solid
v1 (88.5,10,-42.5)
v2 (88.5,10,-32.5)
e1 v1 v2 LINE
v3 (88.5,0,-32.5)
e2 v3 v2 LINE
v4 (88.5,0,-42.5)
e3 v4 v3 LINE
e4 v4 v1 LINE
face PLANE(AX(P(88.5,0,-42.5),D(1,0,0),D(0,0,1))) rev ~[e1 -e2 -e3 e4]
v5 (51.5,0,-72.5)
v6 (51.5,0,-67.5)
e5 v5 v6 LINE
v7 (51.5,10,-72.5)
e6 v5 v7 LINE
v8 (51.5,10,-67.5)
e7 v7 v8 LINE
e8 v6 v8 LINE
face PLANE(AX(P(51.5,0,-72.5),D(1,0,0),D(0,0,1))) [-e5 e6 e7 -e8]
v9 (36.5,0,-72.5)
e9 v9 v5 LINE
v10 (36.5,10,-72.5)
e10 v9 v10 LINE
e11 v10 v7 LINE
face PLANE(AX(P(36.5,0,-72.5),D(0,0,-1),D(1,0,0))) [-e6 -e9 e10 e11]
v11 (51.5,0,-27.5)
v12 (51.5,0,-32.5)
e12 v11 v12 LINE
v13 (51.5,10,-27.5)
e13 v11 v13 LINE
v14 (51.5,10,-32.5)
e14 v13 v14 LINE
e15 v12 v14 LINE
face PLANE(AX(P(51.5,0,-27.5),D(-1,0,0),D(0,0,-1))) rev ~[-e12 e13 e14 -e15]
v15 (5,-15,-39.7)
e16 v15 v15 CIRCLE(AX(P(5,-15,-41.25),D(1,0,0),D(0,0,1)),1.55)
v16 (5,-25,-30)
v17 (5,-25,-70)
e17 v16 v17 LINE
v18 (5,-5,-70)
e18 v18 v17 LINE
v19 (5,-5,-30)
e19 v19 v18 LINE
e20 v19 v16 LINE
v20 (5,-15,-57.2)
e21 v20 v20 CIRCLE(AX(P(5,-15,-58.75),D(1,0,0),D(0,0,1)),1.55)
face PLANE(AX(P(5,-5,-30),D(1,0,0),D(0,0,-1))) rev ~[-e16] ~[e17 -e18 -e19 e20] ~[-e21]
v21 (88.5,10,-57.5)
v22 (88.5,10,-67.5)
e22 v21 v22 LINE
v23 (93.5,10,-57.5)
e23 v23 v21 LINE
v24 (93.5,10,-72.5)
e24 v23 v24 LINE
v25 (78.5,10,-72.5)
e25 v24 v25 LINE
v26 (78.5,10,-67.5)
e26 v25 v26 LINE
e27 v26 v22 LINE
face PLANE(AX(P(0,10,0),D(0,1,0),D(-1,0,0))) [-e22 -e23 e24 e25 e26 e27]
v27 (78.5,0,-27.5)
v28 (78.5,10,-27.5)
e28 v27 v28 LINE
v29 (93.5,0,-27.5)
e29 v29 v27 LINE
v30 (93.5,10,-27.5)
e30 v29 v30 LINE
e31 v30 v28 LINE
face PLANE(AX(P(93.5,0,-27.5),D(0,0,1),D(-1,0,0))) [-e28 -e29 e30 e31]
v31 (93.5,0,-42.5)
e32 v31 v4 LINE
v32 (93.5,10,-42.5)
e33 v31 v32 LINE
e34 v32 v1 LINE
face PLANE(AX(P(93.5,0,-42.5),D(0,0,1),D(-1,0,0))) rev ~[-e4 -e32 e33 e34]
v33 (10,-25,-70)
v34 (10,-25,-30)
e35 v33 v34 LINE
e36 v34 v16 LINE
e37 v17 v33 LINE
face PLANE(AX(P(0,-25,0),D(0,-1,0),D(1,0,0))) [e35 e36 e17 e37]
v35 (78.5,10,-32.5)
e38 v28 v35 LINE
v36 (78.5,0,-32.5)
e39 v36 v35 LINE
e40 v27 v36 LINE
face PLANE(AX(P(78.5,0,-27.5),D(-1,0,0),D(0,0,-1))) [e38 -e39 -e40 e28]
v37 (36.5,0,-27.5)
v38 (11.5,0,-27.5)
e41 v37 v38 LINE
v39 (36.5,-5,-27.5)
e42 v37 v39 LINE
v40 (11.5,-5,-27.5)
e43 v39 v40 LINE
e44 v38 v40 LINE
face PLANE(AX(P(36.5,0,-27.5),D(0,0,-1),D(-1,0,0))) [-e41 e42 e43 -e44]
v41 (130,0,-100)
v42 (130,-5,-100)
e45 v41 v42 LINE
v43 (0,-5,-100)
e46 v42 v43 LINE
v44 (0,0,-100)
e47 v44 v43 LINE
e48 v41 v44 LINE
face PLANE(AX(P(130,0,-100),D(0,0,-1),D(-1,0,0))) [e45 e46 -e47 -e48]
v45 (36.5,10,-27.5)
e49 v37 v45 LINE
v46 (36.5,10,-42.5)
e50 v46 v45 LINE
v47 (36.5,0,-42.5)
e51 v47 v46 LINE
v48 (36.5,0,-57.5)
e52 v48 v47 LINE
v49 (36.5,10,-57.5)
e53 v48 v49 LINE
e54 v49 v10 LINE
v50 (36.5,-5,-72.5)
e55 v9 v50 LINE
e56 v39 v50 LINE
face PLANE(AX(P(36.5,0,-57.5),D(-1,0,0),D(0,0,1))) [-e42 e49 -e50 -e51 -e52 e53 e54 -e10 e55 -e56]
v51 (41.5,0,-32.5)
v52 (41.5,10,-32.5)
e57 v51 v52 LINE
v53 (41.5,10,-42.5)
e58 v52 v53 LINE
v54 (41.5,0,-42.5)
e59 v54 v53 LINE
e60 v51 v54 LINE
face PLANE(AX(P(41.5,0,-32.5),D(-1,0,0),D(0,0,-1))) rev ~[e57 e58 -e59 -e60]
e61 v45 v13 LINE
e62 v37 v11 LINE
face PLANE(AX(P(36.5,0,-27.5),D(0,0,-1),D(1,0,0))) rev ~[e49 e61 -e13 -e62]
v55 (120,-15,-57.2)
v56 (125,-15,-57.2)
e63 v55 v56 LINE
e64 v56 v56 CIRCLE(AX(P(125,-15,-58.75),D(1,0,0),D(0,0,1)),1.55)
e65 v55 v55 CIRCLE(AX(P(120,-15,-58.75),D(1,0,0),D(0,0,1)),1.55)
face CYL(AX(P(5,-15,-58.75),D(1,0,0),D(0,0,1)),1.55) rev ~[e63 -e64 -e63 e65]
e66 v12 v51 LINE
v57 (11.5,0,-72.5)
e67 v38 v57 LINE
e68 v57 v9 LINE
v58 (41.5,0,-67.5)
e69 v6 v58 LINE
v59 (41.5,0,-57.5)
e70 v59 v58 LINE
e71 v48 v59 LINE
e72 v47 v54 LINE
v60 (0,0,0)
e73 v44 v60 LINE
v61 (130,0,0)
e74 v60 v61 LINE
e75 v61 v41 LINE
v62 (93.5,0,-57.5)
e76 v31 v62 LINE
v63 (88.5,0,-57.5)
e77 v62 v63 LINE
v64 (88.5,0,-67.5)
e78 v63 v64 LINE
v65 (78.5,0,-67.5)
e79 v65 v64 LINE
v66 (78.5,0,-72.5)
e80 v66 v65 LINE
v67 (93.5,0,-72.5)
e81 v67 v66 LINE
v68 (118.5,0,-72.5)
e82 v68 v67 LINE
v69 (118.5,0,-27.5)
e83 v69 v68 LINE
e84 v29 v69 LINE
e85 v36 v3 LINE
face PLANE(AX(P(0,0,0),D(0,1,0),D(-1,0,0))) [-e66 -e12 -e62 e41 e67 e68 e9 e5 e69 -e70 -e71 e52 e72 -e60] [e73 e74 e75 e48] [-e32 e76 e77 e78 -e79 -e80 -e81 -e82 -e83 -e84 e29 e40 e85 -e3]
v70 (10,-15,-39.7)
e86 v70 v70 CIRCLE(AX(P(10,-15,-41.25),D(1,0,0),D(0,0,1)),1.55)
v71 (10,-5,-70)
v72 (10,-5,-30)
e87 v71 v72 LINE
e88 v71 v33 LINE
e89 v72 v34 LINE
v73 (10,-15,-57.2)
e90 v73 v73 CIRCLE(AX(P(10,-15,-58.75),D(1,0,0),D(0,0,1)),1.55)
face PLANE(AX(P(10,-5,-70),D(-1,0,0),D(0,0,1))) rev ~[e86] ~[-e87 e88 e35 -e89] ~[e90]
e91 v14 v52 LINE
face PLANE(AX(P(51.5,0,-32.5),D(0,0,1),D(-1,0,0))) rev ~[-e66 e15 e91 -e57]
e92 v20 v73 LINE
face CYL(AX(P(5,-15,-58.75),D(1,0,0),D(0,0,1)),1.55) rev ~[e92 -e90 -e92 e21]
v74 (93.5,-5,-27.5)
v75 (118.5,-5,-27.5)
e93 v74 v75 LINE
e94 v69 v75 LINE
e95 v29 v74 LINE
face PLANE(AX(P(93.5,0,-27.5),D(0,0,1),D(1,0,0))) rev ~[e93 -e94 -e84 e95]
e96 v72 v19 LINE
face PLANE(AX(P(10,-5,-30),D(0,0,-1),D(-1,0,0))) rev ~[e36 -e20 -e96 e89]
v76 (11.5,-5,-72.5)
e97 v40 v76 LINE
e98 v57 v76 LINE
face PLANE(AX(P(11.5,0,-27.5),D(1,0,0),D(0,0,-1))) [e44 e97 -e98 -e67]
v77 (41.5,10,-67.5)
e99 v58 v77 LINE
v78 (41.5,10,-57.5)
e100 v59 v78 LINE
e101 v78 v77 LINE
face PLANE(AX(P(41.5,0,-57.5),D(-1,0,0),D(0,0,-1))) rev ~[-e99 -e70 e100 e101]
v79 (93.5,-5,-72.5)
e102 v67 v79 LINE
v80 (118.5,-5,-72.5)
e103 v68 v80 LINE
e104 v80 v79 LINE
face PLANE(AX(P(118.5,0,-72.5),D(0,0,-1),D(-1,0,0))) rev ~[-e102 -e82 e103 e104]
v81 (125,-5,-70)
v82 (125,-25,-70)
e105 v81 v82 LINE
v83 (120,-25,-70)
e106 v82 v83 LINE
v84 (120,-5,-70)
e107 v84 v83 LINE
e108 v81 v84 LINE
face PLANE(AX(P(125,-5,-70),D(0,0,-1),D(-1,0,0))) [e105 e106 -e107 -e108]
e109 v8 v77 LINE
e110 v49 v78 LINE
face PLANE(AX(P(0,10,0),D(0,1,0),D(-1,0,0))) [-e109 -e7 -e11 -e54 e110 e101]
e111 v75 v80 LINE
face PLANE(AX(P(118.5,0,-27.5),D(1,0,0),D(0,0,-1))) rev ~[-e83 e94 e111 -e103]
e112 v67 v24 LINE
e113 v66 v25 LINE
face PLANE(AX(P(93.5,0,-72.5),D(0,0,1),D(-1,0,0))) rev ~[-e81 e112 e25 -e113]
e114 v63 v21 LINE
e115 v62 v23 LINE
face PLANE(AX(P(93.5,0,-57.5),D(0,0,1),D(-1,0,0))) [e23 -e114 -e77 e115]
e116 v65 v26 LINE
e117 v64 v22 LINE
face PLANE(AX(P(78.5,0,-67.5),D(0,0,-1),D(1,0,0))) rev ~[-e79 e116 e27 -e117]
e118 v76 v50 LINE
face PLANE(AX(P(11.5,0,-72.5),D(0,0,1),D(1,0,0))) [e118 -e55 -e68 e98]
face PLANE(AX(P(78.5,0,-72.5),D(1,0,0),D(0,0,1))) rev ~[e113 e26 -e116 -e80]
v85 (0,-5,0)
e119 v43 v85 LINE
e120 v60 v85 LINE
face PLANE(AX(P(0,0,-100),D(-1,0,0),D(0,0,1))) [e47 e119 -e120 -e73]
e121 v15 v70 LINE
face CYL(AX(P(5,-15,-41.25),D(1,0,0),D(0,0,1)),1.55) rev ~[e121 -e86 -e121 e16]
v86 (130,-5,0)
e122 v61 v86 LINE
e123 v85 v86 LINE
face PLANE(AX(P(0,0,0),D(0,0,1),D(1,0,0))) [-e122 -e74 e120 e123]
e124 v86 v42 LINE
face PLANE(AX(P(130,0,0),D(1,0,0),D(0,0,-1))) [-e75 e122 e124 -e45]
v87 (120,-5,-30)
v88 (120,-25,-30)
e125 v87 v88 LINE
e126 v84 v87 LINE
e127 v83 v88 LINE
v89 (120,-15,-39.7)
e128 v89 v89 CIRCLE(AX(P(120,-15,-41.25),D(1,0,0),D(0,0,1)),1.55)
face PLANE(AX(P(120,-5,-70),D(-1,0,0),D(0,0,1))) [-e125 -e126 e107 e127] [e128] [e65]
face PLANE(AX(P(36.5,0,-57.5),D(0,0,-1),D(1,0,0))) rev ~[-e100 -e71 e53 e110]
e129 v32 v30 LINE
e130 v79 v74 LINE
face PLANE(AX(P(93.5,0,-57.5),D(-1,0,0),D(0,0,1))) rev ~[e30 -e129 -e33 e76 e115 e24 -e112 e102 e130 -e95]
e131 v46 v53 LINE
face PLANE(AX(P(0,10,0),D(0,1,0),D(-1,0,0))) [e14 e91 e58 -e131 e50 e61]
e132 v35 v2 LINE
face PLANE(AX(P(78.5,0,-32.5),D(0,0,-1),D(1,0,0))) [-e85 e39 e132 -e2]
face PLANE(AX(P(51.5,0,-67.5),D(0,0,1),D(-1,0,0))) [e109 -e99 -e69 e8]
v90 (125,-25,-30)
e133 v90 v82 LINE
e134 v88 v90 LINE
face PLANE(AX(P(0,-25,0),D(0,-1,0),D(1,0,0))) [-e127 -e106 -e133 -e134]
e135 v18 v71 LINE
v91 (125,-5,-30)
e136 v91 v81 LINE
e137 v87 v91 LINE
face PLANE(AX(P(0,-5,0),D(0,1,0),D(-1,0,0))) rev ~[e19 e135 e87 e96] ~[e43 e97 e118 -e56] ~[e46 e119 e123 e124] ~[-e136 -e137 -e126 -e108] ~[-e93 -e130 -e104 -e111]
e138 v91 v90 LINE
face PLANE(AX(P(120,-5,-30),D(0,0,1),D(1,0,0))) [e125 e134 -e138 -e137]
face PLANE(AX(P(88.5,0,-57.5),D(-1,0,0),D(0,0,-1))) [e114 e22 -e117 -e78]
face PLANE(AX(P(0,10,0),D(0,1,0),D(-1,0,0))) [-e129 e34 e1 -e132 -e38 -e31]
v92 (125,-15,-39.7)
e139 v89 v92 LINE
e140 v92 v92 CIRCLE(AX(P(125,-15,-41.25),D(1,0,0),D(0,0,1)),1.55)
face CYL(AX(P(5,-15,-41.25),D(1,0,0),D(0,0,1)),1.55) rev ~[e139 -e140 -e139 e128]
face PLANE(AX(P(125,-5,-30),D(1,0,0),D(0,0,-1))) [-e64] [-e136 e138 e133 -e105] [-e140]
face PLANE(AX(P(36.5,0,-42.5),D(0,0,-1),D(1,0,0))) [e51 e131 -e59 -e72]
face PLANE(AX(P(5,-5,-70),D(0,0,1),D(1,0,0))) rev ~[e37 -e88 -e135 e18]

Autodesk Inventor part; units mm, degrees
ref_plane "YZ Plane" through (0, 0, 0) normal (1, 0, 0) x (0, 1, 0)
ref_plane "XZ Plane" through (0, 0, 0) normal (0, 1, 0) x (-1, 0, 0)
ref_plane "XY Plane" through (0, 0, 0) normal (0, 0, 1) x (1, 0, 0)
sketch "Sketch1" plane through (0, 0, 0) normal (0, 1, 0) x (-1, 0, 0)
  line L0 (0, 0) -> (-130, 0)
  line L1 (-130, 0) -> (-130, -100)
  line L2 (-130, -100) -> (0, -100)
  line L3 (0, -100) -> (0, 0)
  line L4 (-41.5, -67.5) -> (-88.5, -67.5) construction
  line L5 (-88.5, -67.5) -> (-88.5, -32.5) construction
  line L6 (-88.5, -32.5) -> (-41.5, -32.5) construction
  line L7 (-41.5, -32.5) -> (-41.5, -67.5) construction
  line L8 (-41.5, -50) -> (-88.5, -50) construction
  line L9 (-65, -67.5) -> (-65, -32.5) construction
  line L10 (-41.5, -32.5) -> (-41.5, -42.5)
  line L11 (-36.5, -42.5) -> (-41.5, -42.5)
  line L12 (-36.5, -42.5) -> (-36.5, -27.5)
  line L13 (-36.5, -27.5) -> (-51.5, -27.5)
  line L14 (-51.5, -27.5) -> (-51.5, -32.5)
  line L15 (-51.5, -32.5) -> (-41.5, -32.5)
  line L16 (-93.5, -42.5) -> (-88.5, -42.5)
  line L17 (-93.5, -42.5) -> (-93.5, -27.5)
  line L18 (-93.5, -27.5) -> (-78.5, -27.5)
  line L19 (-78.5, -27.5) -> (-78.5, -32.5)
  line L20 (-78.5, -32.5) -> (-88.5, -32.5)
  line L21 (-88.5, -42.5) -> (-88.5, -32.5)
  line L22 (-36.5, -57.5) -> (-41.5, -57.5)
  line L23 (-36.5, -57.5) -> (-36.5, -72.5)
  line L24 (-36.5, -72.5) -> (-51.5, -72.5)
  line L25 (-51.5, -72.5) -> (-51.5, -67.5)
  line L26 (-93.5, -57.5) -> (-88.5, -57.5)
  line L27 (-93.5, -57.5) -> (-93.5, -72.5)
  line L28 (-93.5, -72.5) -> (-78.5, -72.5)
  line L29 (-78.5, -72.5) -> (-78.5, -67.5)
  line L30 (-41.5, -57.5) -> (-41.5, -67.5)
  line L31 (-51.5, -67.5) -> (-41.5, -67.5)
  line L32 (-78.5, -67.5) -> (-88.5, -67.5)
  line L33 (-88.5, -57.5) -> (-88.5, -67.5)
  line L34 (-11.5, -72.5) -> (-36.5, -72.5)
  line L35 (-36.5, -72.5) -> (-36.5, -27.5)
  line L36 (-36.5, -27.5) -> (-11.5, -27.5)
  line L37 (-11.5, -27.5) -> (-11.5, -72.5)
  line L38 (-118.5, -72.5) -> (-93.5, -72.5)
  line L39 (-93.5, -72.5) -> (-93.5, -27.5)
  line L40 (-93.5, -27.5) -> (-118.5, -27.5)
  line L41 (-118.5, -27.5) -> (-118.5, -72.5)
  point P0 (0, -50)
  point P1 (-65, -100)
  point P2 (-24, -72.5)
  point P3 (-24, -57.5)
  point P4 (-24, -27.5)
  dimension "d0" = 130
  dimension "d1" = 100
  dimension "d4" = 47
  dimension "d5" = 35
  dimension "d6" = 5
  dimension "d7" = 5
  dimension "d8" = 10
  dimension "d9" = 10
  dimension "d26" = 25
  dimension "d27" = 0
extrude "Extrusion1" add sketch "Sketch1" against normal blind 5 contours L3 L2 L1 L0 | L15 L14 L13 L12 L11 L10 | L23 L24 L25 L31 L30 L22 | L17 L18 L19 L20 L21 L16 | L26 L33 L32 L29 L28 L27
extrude "Extrusion2" add sketch "Sketch1" along normal blind 10 contours L15 L14 L13 L12 L11 L10 | L23 L24 L25 L31 L30 L22 | L17 L18 L19 L20 L21 L16 | L26 L33 L32 L29 L28 L27
sketch "Sketch2" plane through (0, -5, 0) normal (0, -1, 0) x (1, 0, 0)
  line L0 (120, -30) -> (125, -30)
  line L1 (125, -30) -> (125, -70)
  line L2 (125, -70) -> (120, -70)
  line L3 (120, -70) -> (120, -30)
  line L4 (130, -100) -> (130, 0) projected
  line L5 (0, 0) -> (130, 0) projected
  line L6 (65, 0) -> (65, -100) construction
  line L7 (130, -100) -> (0, -100) projected
  line L8 (10, -30) -> (5, -30)
  line L9 (5, -30) -> (5, -70)
  line L10 (5, -70) -> (10, -70)
  line L11 (10, -70) -> (10, -30)
  point P0 (125, -50)
  point P1 (130, -50)
  dimension "d12" = 5
  dimension "d13" = 40
  dimension "d14" = 5
extrude "Extrusion3" add sketch "Sketch2" along normal blind 20
sketch "Sketch3" plane through (5, -5, -70) normal (-1, 0, 0) x (0, 0, 1)
  line L0 (11.25, -10) -> (28.75, -10) construction
  line L1 (70, 0) -> (-30, 0) projected
  point P0 (70, 5)
  point P1 (20, 0)
  point P2 (20, -10)
  dimension "d17" = 17.5
  dimension "d18" = 10
hole "Hole1" at (5, -15, -41.25) at (5, -15, -58.75) direction (1, 0, 0) diameter 3.1 end through all
properties part number "Chasis 3"
